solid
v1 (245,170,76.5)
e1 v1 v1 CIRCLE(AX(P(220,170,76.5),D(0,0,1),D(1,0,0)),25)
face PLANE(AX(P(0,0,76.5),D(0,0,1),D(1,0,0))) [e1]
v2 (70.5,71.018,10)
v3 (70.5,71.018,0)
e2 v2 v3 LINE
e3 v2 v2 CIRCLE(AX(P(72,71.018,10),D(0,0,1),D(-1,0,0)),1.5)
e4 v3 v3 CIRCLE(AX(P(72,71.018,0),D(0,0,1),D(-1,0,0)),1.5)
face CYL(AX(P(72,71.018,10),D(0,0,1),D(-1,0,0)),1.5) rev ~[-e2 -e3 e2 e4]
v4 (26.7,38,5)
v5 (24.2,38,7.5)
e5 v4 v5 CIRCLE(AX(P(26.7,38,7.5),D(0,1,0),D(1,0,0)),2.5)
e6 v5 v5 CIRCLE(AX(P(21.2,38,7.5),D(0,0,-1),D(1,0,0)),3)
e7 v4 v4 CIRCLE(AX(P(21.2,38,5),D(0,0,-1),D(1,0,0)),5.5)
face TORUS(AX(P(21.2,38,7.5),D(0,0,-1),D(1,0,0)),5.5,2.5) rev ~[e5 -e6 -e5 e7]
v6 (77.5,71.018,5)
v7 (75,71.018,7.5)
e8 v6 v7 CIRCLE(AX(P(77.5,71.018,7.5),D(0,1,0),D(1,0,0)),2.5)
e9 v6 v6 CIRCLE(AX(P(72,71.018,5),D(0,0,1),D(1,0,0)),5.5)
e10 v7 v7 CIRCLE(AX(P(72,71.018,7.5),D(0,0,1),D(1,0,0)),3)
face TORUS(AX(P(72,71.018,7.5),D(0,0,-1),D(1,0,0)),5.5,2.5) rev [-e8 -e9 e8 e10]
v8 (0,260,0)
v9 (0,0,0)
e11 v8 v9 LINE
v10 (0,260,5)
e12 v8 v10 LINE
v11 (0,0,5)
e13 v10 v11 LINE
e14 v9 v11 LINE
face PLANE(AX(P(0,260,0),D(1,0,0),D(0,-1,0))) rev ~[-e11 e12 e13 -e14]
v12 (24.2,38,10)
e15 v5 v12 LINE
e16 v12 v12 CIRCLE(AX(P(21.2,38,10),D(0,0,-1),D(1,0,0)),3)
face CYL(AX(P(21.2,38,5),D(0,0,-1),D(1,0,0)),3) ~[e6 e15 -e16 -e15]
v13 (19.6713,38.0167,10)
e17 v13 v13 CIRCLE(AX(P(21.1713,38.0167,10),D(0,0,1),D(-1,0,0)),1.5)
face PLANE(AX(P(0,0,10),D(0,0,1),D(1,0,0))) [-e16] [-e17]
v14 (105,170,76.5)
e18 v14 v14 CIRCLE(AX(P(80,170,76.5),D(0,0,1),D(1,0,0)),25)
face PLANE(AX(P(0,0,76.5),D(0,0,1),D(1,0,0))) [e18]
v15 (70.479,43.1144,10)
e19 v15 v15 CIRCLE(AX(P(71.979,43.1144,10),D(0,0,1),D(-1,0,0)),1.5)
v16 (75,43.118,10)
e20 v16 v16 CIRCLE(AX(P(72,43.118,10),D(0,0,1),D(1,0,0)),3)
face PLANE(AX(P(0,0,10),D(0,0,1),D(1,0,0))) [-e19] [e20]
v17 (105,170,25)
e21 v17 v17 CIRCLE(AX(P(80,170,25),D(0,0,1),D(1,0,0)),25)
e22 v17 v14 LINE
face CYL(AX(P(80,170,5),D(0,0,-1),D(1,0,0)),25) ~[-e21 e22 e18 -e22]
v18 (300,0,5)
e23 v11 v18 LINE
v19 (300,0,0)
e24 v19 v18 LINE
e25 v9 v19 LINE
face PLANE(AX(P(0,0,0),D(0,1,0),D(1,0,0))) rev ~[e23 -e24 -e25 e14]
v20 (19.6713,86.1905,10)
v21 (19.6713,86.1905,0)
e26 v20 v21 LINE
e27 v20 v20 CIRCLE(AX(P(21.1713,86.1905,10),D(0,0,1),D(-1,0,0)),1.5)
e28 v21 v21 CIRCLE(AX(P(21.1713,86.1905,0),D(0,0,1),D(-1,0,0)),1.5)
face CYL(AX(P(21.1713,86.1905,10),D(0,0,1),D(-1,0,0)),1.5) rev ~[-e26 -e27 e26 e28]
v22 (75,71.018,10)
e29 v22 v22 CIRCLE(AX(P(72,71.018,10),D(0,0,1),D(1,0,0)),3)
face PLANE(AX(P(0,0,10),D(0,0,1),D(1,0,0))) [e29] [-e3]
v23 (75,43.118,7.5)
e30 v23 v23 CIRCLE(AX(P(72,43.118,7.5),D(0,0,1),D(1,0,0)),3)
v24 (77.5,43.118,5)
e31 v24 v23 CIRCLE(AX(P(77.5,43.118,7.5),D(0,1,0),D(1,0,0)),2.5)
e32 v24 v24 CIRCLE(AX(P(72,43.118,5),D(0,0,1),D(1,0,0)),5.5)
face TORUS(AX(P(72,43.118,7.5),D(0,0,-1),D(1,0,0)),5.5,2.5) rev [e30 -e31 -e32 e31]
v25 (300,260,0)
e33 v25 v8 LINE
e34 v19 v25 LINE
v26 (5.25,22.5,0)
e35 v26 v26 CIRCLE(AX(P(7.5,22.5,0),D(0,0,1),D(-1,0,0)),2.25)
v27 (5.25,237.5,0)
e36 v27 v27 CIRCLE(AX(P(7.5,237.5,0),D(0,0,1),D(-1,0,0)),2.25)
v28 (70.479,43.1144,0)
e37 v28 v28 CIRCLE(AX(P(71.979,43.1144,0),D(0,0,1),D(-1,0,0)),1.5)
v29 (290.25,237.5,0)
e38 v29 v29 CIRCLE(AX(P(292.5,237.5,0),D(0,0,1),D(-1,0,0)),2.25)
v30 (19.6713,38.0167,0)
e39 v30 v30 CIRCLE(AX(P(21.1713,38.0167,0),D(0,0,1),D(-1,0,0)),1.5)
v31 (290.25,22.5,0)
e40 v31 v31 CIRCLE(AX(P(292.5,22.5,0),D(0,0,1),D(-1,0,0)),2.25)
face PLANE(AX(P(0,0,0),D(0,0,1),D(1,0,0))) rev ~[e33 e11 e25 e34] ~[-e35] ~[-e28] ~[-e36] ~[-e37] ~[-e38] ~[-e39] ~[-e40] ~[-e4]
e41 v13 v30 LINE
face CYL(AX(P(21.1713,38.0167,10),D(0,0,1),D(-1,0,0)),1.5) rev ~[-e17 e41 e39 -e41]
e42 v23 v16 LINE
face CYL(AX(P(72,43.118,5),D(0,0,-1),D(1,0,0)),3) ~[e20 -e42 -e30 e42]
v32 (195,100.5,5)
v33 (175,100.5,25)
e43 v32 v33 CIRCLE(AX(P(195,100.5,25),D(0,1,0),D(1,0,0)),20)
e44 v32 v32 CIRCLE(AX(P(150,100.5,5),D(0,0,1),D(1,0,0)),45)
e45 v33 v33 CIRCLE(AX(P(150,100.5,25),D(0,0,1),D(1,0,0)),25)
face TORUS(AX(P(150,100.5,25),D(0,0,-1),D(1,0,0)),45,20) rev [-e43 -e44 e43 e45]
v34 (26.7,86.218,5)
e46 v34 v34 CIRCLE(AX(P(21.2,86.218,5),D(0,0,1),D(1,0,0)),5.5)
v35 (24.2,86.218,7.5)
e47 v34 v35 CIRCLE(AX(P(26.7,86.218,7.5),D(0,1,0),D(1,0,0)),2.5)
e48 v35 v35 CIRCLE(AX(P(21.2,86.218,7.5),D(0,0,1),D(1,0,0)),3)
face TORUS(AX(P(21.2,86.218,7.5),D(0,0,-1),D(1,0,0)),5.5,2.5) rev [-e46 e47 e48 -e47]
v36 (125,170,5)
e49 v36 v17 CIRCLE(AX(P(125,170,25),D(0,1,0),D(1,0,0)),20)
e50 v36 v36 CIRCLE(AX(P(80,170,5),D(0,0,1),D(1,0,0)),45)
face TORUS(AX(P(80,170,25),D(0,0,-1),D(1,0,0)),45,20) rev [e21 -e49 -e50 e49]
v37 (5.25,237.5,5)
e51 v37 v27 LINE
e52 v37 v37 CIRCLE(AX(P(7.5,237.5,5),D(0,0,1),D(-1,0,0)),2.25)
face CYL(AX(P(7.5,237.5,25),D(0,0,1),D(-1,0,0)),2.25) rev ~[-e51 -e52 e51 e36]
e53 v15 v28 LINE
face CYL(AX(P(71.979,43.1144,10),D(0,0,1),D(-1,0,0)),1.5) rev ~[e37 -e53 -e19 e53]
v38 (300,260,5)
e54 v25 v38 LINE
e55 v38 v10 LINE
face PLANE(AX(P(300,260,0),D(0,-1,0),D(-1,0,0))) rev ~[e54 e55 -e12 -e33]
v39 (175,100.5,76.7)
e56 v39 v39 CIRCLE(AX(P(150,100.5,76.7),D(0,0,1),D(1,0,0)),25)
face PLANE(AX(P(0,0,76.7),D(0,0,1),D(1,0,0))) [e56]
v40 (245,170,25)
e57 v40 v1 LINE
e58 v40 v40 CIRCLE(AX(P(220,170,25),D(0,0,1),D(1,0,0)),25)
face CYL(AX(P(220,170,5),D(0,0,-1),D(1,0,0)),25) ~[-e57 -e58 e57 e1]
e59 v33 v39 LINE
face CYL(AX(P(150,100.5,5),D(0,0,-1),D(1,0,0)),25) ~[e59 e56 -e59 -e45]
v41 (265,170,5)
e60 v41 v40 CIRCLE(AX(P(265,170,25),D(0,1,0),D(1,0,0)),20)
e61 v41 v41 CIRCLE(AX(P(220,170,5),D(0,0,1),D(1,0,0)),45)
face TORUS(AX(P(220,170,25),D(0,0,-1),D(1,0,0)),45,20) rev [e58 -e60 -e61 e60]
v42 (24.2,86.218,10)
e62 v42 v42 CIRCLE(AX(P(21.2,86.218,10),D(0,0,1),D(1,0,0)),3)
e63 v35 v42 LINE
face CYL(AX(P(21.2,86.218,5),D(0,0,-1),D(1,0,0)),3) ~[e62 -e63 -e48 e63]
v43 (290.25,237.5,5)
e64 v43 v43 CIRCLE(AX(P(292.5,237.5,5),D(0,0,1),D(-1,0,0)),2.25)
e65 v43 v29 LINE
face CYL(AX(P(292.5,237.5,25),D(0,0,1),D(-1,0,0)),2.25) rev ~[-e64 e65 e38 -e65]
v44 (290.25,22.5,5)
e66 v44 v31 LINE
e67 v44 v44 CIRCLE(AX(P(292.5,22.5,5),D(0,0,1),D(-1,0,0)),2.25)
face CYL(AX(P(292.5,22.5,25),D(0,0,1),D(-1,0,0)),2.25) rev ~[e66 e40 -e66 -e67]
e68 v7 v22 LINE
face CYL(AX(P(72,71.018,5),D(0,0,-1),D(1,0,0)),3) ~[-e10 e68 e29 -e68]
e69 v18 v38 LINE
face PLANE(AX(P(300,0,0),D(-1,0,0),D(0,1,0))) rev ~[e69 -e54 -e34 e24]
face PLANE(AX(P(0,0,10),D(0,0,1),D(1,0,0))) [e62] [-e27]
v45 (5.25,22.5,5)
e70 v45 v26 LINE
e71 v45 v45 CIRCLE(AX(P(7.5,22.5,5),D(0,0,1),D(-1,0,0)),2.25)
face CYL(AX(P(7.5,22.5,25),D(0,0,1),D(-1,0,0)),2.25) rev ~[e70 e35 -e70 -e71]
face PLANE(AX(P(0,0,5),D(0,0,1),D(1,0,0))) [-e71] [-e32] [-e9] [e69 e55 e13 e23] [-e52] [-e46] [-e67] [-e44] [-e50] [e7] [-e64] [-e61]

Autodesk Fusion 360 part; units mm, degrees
sketch "Sketch1" plane through (0, 0, 0) normal (0, 0, 1) x (1, 0, 0)
  line L0 (0, 0) -> (300, 0)
  line L1 (300, 0) -> (300, 260)
  line L2 (300, 260) -> (0, 260)
  line L3 (0, 260) -> (0, 0)
  dimension "d1" = 300
  dimension "d2" = 260
extrude "Extrude1" add sketch "Sketch1" along normal blind 5
sketch "Sketch2" plane through (0, 0, 5) normal (0, 0, 1) x (-1, 0, 0)
  line L0 (0, -260) -> (0, 0)
  line L1 (0, 0) -> (-300, 0)
  line L2 (-300, 0) -> (-300, -260)
  line L3 (-300, -260) -> (0, -260)
  circle A0 centre (-7.5, -237.5) radius 2.5
  circle A1 centre (-292.5, -237.5) radius 2.5
  circle A2 centre (-7.5, -22.5) radius 2.5
  circle A3 centre (-292.5, -22.5) radius 2.5
  dimension "d5" = 5
  dimension "d6" = 5
  dimension "d7" = 5
  dimension "d8" = 5
  dimension "d9" = 7.5
  dimension "d10" = 22.5
  dimension "d11" = 22.5
  dimension "d12" = 7.5
  dimension "d13" = 22.5
  dimension "d14" = 7.5
  dimension "d15" = 22.5
  dimension "d16" = 7.5
sketch "Sketch3" plane through (0, 0, 5) normal (0, 0, 1) x (1, 0, 0)
  line L0 (75, 35) -> (5, 35)
  line L1 (5, 35) -> (5, 89.718)
  line L2 (5, 89.718) -> (75, 89.718)
  line L3 (75, 89.718) -> (75, 35)
  line L4 (0, 260) -> (0, 0)
  circle A0 centre (72, 43.118) radius 3
  circle A1 centre (72, 71.018) radius 3
  circle A2 centre (21.2, 38) radius 3
  circle A3 centre (21.2, 86.218) radius 3
  line L5 (0, 0) -> (300, 0)
  line L6 (270, 50.5) -> (30, 50.5)
  line L7 (30, 50.5) -> (30, 220)
  line L8 (30, 220) -> (270, 220)
  line L9 (270, 220) -> (270, 50.5)
  line L10 (300, 260) -> (0, 260)
  line L11 (300, 0) -> (300, 260)
  dimension "d17" = 70
  dimension "d18" = 54.718
  dimension "d19" = 5
  dimension "d20" = 6
  dimension "d21" = 6
  dimension "d22" = 6
  dimension "d23" = 6
  dimension "d24" = 67
  dimension "d25" = 67
  dimension "d26" = 16.2
  dimension "d27" = 16.2
  dimension "d28" = 18.7
  dimension "d29" = 27.9
  dimension "d30" = 3.5
  dimension "d31" = 48.218
  dimension "d32" = 35
  dimension "d33" = 240
  dimension "d34" = 50.5
  dimension "d35" = 169.5
  dimension "d36" = 40
  dimension "d37" = 30
  dimension "d38" = 30
extrude "Extrude2" add sketch "Sketch3" along normal blind 5 contours A0
extrude "Extrude3" add sketch "Sketch3" along normal blind 5 contours A2
extrude "Extrude4" add sketch "Sketch3" along normal blind 5 contours A1
extrude "Extrude5" add sketch "Sketch3" along normal blind 5 contours A3
sketch "Sketch4" plane through (0, 0, 5) normal (0, 0, 1) x (1, 0, 0)
sketch "Sketch5" plane through (0, 0, 10) normal (0, 0, 1) x (-1, 0, 0)
  circle A0 centre (-72, -71.018) radius 3
  circle A1 centre (-72, -71.018) radius 1.5
  circle A2 centre (-71.979, -43.1144) radius 1.5
  circle A3 centre (-21.1713, -38.0167) radius 1.5
  circle A4 centre (-21.1713, -86.1905) radius 1.5
  dimension "d47" = 3
  dimension "d48" = 3
  dimension "d49" = 3
  dimension "d50" = 3
extrude "Extrude6" cut sketch "Sketch5" against normal blind 10 contours A2
extrude "Extrude7" cut sketch "Sketch5" against normal blind 10 contours A1
extrude "Extrude8" cut sketch "Sketch5" against normal blind 10 contours A3
extrude "Extrude9" cut sketch "Sketch5" against normal blind 10 contours A4
extrude "Extrude10" add sketch "Sketch2" along normal blind 20 contours A3
extrude "Extrude11" add sketch "Sketch2" along normal blind 20 contours A1
extrude "Extrude12" add sketch "Sketch2" along normal blind 20 contours A0
extrude "Extrude13" add sketch "Sketch2" along normal blind 20 contours A2
sketch "Sketch6" plane through (0, 0, 5) normal (0, 0, 1) x (1, 0, 0)
  circle A0 centre (80, 170) radius 25
  circle A1 centre (220, 170) radius 25
  circle A2 centre (150, 100.5) radius 25
  line L0 (30, 220) -> (270, 220)
  line L1 (30, 50.5) -> (30, 220)
  line L2 (270, 220) -> (270, 50.5)
  line L3 (270, 50.5) -> (30, 50.5)
  dimension "d67" = 50
  dimension "d68" = 50
  dimension "d69" = 50
  dimension "d70" = 50
  dimension "d71" = 50
  dimension "d72" = 50
  dimension "d73" = 50
  dimension "d74" = 50
  dimension "d75" = 140
  dimension "d76" = 120
extrude "Extrude14" add sketch "Sketch6" along normal blind 75.7 contours A2
extrude "Extrude15" add sketch "Sketch6" along normal blind 75.5 contours A1
extrude "Extrude16" add sketch "Sketch6" along normal blind 75.5 contours A0
sketch "Sketch7" plane through (0, 0, 25) normal (0, 0, 1) x (-1, 0, 0)
  circle A0 centre (-7.5, -237.5) radius 2.5
  circle A1 centre (-7.5, -237.5) radius 2.25
  dimension "d83" = 4.5
sketch "Sketch8" plane through (0, 0, 25) normal (0, 0, 1) x (-1, 0, 0)
  circle A0 centre (-292.5, -237.5) radius 2.5
  circle A1 centre (-292.5, -237.5) radius 2.25
  dimension "d84" = 4.5
extrude "Extrude17" cut sketch "Sketch8" against normal blind 20
extrude "Extrude18" cut sketch "Sketch7" against normal blind 20
sketch "Sketch9" plane through (0, 0, 25) normal (0, 0, 1) x (-1, 0, 0)
  circle A0 centre (-7.5, -22.5) radius 2.5
  circle A1 centre (-7.5, -22.5) radius 2.25
  dimension "d89" = 4.5
extrude "Extrude19" cut sketch "Sketch9" against normal blind 20
sketch "Sketch10" plane through (0, 0, 25) normal (0, 0, 1) x (-1, 0, 0)
  circle A0 centre (-292.5, -22.5) radius 2.5
  circle A1 centre (-292.5, -22.5) radius 2.25
  dimension "d92" = 4.5
extrude "Extrude20" cut sketch "Sketch10" against normal blind 20
fillet "Fillet1" radius 2.5 4 edges at (18.403, 39.0848, 5) (69.203, 44.2028, 5) (69.203, 72.1028, 5) (18.403, 87.3028, 5)
fillet "Fillet2" radius 20 3 edges at (126.6918, 109.5404, 5) (56.6918, 179.0404, 5) (196.6918, 179.0404, 5)
extrude "Extrude21" cut 1 faces at (221.8543, 161.8756, 80.5) along direction (0, 0, -1) blind 4
extrude "Extrude22" cut 1 faces at (146.1592, 99.9211, 80.7) along direction (0, 0, -1) blind 4
extrude "Extrude23" cut 1 faces at (85.1957, 176.5153, 80.5) along direction (0, 0, -1) blind 4
extrude "Extrude24" cut 1 faces at (7.0129, 238.1495, 25) along direction (0, 0, -1) blind 25
extrude "Extrude25" cut 1 faces at (8.0831, 23.2312, 25) along direction (0, 0, -1) blind 25
extrude "Extrude26" cut 1 faces at (291.0333, 22.7211, 25) along direction (0, 0, -1) blind 25
extrude "Extrude27" cut 1 faces at (294.0593, 237.2158, 25) along direction (0, 0, -1) blind 25
